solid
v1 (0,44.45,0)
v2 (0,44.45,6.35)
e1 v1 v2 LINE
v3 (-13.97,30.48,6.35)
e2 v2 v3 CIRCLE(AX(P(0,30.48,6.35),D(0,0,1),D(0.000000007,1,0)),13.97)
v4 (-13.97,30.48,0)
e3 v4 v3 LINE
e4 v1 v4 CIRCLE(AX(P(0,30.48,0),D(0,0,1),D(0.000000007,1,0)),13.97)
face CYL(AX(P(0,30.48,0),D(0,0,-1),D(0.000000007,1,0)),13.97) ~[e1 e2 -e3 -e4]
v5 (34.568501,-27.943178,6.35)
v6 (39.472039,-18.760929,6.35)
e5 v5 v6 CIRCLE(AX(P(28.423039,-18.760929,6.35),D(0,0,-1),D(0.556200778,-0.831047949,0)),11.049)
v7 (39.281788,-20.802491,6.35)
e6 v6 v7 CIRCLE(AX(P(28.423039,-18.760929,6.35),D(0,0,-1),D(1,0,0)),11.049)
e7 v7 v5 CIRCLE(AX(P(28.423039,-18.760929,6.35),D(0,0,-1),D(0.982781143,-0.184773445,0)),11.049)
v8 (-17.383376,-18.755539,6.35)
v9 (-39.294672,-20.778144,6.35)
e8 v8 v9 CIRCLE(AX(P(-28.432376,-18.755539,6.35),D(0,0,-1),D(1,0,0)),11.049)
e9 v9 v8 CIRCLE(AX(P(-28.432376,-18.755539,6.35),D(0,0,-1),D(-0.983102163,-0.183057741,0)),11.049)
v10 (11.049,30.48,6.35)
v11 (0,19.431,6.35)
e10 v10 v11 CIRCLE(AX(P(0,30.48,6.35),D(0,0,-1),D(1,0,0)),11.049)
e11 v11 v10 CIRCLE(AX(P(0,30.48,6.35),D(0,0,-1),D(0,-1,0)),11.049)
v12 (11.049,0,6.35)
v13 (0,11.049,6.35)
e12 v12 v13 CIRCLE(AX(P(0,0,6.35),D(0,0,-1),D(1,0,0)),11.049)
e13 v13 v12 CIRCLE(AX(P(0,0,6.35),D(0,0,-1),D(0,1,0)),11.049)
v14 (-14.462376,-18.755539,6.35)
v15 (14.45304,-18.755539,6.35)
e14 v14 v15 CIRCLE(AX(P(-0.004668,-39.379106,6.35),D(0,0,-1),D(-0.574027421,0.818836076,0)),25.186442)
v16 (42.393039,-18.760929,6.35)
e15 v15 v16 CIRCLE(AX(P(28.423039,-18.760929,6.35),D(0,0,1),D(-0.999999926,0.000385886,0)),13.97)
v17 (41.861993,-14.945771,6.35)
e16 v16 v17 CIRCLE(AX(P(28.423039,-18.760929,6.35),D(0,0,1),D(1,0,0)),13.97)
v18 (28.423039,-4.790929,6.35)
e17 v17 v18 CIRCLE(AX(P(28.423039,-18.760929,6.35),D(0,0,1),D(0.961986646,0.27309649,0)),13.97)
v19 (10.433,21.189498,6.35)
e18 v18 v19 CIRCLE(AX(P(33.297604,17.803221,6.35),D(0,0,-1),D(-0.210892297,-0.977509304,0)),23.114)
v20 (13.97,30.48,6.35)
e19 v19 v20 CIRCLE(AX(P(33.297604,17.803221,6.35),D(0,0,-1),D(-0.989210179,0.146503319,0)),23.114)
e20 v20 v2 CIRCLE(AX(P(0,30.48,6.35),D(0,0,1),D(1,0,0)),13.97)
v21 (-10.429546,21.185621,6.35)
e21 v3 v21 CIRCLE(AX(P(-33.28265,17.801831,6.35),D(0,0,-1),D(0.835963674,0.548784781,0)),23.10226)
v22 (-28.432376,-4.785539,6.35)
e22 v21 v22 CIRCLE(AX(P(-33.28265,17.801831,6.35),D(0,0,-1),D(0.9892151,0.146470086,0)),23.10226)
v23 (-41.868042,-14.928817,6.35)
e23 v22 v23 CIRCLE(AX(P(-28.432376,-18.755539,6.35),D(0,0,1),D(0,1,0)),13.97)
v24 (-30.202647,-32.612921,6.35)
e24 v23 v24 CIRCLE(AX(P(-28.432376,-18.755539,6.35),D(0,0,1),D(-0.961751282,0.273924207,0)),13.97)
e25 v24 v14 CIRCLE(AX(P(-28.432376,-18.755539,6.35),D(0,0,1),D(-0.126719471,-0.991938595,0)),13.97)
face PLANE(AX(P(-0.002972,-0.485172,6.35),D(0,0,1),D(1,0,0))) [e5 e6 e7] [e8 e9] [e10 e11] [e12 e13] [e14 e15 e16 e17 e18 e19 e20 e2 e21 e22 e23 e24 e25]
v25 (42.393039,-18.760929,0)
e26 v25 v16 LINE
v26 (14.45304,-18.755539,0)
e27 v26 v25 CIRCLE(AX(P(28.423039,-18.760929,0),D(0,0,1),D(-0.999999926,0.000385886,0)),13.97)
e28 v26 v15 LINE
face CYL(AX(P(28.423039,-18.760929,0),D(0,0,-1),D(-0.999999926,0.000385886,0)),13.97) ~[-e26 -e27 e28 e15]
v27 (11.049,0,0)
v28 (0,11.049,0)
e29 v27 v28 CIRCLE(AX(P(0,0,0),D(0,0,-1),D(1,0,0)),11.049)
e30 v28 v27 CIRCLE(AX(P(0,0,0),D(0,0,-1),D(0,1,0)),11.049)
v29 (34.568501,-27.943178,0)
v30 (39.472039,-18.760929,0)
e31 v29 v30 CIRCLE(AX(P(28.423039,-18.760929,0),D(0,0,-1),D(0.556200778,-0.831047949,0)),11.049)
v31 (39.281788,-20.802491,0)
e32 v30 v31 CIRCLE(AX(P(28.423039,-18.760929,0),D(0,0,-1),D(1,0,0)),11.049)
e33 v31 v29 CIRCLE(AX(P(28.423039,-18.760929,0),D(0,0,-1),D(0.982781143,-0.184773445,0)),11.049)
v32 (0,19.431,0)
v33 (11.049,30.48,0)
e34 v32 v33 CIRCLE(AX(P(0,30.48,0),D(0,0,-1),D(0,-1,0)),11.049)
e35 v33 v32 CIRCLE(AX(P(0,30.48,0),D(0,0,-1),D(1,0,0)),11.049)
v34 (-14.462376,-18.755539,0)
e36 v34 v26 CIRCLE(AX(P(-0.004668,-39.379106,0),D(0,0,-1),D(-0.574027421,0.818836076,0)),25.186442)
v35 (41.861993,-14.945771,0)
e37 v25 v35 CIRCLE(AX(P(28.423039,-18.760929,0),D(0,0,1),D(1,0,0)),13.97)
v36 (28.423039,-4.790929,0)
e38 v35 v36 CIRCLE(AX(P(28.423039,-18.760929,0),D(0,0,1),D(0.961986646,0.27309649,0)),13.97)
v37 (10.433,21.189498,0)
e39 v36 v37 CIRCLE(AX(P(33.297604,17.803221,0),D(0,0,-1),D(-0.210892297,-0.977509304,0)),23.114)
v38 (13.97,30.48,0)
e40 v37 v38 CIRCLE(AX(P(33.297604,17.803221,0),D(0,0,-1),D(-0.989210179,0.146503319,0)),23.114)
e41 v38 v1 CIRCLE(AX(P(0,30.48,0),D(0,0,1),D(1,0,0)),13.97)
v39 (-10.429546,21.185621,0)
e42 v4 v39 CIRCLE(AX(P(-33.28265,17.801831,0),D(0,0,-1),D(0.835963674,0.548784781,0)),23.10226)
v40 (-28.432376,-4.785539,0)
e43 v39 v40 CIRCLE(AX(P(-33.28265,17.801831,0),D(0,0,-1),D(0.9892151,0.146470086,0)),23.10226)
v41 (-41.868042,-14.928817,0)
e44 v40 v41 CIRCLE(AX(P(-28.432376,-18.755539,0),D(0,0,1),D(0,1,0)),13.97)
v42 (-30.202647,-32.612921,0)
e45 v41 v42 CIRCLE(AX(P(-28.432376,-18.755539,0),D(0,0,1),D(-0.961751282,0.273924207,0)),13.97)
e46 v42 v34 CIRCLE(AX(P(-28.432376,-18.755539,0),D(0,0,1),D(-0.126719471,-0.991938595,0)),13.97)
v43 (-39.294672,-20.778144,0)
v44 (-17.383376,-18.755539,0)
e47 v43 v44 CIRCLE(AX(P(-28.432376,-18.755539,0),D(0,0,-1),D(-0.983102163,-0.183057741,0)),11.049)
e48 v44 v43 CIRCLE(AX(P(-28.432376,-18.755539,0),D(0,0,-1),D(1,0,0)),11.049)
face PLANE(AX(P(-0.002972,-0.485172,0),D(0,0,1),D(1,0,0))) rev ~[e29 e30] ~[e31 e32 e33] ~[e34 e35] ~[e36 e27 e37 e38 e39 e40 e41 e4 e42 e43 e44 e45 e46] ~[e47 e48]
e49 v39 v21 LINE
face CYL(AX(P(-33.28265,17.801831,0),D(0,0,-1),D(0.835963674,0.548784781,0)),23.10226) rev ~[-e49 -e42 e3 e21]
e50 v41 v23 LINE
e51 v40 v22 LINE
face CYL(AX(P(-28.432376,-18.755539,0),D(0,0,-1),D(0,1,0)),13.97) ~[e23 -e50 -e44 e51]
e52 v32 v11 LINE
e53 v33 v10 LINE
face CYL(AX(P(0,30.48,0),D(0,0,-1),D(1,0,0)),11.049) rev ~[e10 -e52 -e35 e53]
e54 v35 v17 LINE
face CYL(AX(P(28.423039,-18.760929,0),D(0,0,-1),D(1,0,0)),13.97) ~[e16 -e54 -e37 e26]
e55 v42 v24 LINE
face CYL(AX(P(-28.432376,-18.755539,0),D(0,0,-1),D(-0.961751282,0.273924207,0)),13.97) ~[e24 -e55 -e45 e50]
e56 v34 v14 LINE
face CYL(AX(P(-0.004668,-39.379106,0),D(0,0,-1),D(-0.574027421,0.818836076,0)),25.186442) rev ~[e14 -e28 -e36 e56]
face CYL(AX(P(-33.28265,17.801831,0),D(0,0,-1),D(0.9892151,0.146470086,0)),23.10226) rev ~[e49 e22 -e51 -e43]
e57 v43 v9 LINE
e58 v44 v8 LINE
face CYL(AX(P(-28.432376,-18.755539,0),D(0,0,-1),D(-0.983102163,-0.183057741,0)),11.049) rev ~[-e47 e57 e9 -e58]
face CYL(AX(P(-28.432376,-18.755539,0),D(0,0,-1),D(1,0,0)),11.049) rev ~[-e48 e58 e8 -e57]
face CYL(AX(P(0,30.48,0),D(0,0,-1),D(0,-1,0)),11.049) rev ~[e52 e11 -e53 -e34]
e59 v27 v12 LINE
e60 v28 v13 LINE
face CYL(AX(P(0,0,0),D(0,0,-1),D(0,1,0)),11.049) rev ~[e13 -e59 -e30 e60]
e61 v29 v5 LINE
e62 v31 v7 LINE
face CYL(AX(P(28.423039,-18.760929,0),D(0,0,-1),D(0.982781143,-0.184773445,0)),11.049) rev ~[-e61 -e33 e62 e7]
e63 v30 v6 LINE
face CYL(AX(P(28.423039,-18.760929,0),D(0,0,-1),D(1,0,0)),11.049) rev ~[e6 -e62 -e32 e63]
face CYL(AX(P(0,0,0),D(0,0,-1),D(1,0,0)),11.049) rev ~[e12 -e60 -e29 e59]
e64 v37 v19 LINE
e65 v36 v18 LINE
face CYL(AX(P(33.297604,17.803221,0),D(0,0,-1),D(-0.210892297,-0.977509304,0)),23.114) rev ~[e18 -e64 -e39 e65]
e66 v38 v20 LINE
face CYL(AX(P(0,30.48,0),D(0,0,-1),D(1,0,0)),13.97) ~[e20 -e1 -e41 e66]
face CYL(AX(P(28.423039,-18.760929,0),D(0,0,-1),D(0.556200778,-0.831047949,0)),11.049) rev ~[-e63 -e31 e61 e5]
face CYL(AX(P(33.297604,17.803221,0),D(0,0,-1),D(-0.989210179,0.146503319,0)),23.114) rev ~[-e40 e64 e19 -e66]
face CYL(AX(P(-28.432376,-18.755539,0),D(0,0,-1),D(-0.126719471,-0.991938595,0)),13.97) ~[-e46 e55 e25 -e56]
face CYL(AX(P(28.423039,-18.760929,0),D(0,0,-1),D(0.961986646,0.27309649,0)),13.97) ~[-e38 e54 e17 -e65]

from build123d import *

# Parameters (mm, degrees)
F1_DEPTH = 6.35


with BuildPart() as f1:
    # F0 (on Top) → F1 (new body)
    with BuildSketch(Plane.XY):
        with BuildLine():
            ThreePointArc((14.4530400949, -18.7555385716), (18.5466634494, -8.8807419017), (28.4230390548, -4.7909293948))
            ThreePointArc((28.4230390548, -4.7909293948), (14.2946821069, 4.6447264279), (10.4329995433, 21.1894983704))
            ThreePointArc((10.4329995433, 21.1894983704), (5.7171930278, 17.7334473726), (0, 16.51))
            ThreePointArc((0, 16.51), (-5.7148240724, 17.7323850928), (-10.4295456747, 21.1856212139))
            ThreePointArc((-10.4295456747, 21.1856212139), (-14.2959554356, 4.6405301154), (-28.4323762345, -4.7855385716))
            ThreePointArc((-28.4323762345, -4.7855385716), (-18.5540945013, -8.8772568385), (-14.4623762345, -18.7555385716))
            ThreePointArc((-14.4623762345, -18.7555385716), (-0.0046680698, -14.1926639702), (14.4530400949, -18.7555385716))
        make_face()
        with BuildLine():
            ThreePointArc((13.97, 0), (-9.8782817332, -9.8782817332), (0, 13.97))
            ThreePointArc((0, 13.97), (9.8782817332, 9.8782817332), (13.97, 0))
        make_face(mode=Mode.SUBTRACT)
        with BuildLine():
            ThreePointArc((13.97, 0), (9.8782817332, 9.8782817332), (0, 13.97))
            ThreePointArc((0, 13.97), (-9.8782817332, -9.8782817332), (13.97, 0))
        make_face()
        with BuildLine():
            ThreePointArc((11.049, 0), (-7.8128228253, -7.8128228253), (0, 11.049))
            ThreePointArc((0, 11.049), (7.8128228253, 7.8128228253), (11.049, 0))
        make_face(mode=Mode.SUBTRACT)
        with BuildLine():
            ThreePointArc((13.97, 30.48), (9.8782817686, 40.3582816978), (1.001e-07, 44.45))
            ThreePointArc((1.001e-07, 44.45), (-9.8782816978, 40.3582817686), (-13.97, 30.48))
            ThreePointArc((-13.97, 30.48), (-11.6936695167, 26.0255976379), (-10.4295456747, 21.1856212139))
            ThreePointArc((-10.4295456747, 21.1856212139), (-5.7148240724, 17.7323850928), (0, 16.51))
            ThreePointArc((0, 16.51), (5.7171930278, 17.7334473726), (10.4329995433, 21.1894983704))
            ThreePointArc((10.4329995433, 21.1894983704), (11.6961232837, 26.0271518067), (13.97, 30.48))
        make_face()
        with BuildLine():
            ThreePointArc((11.049, 30.48), (7.8128228253, 22.6671771747), (0, 19.431))
            ThreePointArc((0, 19.431), (-7.8128228253, 38.2928228253), (11.049, 30.48))
        make_face(mode=Mode.SUBTRACT)
        with BuildLine():
            ThreePointArc((39.281787899, -20.8024911839), (40.6774331292, -17.9206287284), (41.8619925016, -14.9457714353))
            ThreePointArc((41.8619925016, -14.9457714353), (36.8451273738, -7.615108279), (28.4230390548, -4.7909293948))
            ThreePointArc((28.4230390548, -4.7909293948), (18.5466634494, -8.8807419017), (14.4530400949, -18.7555385716))
            ThreePointArc((14.4530400949, -18.7555385716), (19.1913561647, -29.2460107496), (30.1973886441, -32.6177899171))
            ThreePointArc((30.1973886441, -32.6177899171), (32.4671854143, -30.3592551172), (34.5685014533, -27.9431781885))
            ThreePointArc((34.5685014533, -27.9431781885), (18.6767162857, -13.5561629755), (39.4720390548, -18.7609293948))
            ThreePointArc((39.4720390548, -18.7609293948), (39.4243734507, -19.7861330381), (39.281787899, -20.8024911839))
        make_face()
        with BuildLine():
            ThreePointArc((-28.4323762345, -4.7855385716), (-36.8496681134, -7.6060947548), (-41.8680416453, -14.9288173943))
            ThreePointArc((-41.8680416453, -14.9288173943), (-40.6866093102, -17.8997855528), (-39.2946720361, -20.7781435545))
            ThreePointArc((-39.2946720361, -20.7781435545), (-29.4479781957, -7.7533136305), (-17.3833762345, -18.7555385716))
            ThreePointArc((-17.3833762345, -18.7555385716), (-23.2218639095, -28.4987907141), (-34.5670059405, -27.9450281858))
            ThreePointArc((-34.5670059405, -27.9450281858), (-32.4688204098, -30.3575065049), (-30.2026472493, -32.6129207391))
            ThreePointArc((-30.2026472493, -32.6129207391), (-19.2011733355, -29.2410425194), (-14.4623762345, -18.7555385716))
            ThreePointArc((-14.4623762345, -18.7555385716), (-18.5540945013, -8.8772568385), (-28.4323762345, -4.7855385716))
        make_face()
        with BuildLine():
            ThreePointArc((-39.2946720361, -20.7781435545), (-40.6866093102, -17.8997855528), (-41.8680416453, -14.9288173943))
            ThreePointArc((-41.8680416453, -14.9288173943), (-40.0937227872, -26.4479956939), (-30.2026472493, -32.6129207391))
            ThreePointArc((-30.2026472493, -32.6129207391), (-32.4688204098, -30.3575065049), (-34.5670059405, -27.9450281858))
            ThreePointArc((-34.5670059405, -27.9450281858), (-37.6554412352, -24.839572841), (-39.2946720361, -20.7781435545))
        make_face()
        with BuildLine():
            ThreePointArc((42.3930390548, -18.7609293948), (42.2596405099, -16.834959464), (41.8619925016, -14.9457714353))
            ThreePointArc((41.8619925016, -14.9457714353), (40.6774331292, -17.9206287284), (39.281787899, -20.8024911839))
            ThreePointArc((39.281787899, -20.8024911839), (37.6443812955, -24.8475744707), (34.5685014533, -27.9431781885))
            ThreePointArc((34.5685014533, -27.9431781885), (32.4671854143, -30.3592551172), (30.1973886441, -32.6177899171))
            ThreePointArc((30.1973886441, -32.6177899171), (38.9099014016, -27.9905890916), (42.3930390548, -18.7609293948))
        make_face()
    extrude(amount=F1_DEPTH)


solid = f1.part
